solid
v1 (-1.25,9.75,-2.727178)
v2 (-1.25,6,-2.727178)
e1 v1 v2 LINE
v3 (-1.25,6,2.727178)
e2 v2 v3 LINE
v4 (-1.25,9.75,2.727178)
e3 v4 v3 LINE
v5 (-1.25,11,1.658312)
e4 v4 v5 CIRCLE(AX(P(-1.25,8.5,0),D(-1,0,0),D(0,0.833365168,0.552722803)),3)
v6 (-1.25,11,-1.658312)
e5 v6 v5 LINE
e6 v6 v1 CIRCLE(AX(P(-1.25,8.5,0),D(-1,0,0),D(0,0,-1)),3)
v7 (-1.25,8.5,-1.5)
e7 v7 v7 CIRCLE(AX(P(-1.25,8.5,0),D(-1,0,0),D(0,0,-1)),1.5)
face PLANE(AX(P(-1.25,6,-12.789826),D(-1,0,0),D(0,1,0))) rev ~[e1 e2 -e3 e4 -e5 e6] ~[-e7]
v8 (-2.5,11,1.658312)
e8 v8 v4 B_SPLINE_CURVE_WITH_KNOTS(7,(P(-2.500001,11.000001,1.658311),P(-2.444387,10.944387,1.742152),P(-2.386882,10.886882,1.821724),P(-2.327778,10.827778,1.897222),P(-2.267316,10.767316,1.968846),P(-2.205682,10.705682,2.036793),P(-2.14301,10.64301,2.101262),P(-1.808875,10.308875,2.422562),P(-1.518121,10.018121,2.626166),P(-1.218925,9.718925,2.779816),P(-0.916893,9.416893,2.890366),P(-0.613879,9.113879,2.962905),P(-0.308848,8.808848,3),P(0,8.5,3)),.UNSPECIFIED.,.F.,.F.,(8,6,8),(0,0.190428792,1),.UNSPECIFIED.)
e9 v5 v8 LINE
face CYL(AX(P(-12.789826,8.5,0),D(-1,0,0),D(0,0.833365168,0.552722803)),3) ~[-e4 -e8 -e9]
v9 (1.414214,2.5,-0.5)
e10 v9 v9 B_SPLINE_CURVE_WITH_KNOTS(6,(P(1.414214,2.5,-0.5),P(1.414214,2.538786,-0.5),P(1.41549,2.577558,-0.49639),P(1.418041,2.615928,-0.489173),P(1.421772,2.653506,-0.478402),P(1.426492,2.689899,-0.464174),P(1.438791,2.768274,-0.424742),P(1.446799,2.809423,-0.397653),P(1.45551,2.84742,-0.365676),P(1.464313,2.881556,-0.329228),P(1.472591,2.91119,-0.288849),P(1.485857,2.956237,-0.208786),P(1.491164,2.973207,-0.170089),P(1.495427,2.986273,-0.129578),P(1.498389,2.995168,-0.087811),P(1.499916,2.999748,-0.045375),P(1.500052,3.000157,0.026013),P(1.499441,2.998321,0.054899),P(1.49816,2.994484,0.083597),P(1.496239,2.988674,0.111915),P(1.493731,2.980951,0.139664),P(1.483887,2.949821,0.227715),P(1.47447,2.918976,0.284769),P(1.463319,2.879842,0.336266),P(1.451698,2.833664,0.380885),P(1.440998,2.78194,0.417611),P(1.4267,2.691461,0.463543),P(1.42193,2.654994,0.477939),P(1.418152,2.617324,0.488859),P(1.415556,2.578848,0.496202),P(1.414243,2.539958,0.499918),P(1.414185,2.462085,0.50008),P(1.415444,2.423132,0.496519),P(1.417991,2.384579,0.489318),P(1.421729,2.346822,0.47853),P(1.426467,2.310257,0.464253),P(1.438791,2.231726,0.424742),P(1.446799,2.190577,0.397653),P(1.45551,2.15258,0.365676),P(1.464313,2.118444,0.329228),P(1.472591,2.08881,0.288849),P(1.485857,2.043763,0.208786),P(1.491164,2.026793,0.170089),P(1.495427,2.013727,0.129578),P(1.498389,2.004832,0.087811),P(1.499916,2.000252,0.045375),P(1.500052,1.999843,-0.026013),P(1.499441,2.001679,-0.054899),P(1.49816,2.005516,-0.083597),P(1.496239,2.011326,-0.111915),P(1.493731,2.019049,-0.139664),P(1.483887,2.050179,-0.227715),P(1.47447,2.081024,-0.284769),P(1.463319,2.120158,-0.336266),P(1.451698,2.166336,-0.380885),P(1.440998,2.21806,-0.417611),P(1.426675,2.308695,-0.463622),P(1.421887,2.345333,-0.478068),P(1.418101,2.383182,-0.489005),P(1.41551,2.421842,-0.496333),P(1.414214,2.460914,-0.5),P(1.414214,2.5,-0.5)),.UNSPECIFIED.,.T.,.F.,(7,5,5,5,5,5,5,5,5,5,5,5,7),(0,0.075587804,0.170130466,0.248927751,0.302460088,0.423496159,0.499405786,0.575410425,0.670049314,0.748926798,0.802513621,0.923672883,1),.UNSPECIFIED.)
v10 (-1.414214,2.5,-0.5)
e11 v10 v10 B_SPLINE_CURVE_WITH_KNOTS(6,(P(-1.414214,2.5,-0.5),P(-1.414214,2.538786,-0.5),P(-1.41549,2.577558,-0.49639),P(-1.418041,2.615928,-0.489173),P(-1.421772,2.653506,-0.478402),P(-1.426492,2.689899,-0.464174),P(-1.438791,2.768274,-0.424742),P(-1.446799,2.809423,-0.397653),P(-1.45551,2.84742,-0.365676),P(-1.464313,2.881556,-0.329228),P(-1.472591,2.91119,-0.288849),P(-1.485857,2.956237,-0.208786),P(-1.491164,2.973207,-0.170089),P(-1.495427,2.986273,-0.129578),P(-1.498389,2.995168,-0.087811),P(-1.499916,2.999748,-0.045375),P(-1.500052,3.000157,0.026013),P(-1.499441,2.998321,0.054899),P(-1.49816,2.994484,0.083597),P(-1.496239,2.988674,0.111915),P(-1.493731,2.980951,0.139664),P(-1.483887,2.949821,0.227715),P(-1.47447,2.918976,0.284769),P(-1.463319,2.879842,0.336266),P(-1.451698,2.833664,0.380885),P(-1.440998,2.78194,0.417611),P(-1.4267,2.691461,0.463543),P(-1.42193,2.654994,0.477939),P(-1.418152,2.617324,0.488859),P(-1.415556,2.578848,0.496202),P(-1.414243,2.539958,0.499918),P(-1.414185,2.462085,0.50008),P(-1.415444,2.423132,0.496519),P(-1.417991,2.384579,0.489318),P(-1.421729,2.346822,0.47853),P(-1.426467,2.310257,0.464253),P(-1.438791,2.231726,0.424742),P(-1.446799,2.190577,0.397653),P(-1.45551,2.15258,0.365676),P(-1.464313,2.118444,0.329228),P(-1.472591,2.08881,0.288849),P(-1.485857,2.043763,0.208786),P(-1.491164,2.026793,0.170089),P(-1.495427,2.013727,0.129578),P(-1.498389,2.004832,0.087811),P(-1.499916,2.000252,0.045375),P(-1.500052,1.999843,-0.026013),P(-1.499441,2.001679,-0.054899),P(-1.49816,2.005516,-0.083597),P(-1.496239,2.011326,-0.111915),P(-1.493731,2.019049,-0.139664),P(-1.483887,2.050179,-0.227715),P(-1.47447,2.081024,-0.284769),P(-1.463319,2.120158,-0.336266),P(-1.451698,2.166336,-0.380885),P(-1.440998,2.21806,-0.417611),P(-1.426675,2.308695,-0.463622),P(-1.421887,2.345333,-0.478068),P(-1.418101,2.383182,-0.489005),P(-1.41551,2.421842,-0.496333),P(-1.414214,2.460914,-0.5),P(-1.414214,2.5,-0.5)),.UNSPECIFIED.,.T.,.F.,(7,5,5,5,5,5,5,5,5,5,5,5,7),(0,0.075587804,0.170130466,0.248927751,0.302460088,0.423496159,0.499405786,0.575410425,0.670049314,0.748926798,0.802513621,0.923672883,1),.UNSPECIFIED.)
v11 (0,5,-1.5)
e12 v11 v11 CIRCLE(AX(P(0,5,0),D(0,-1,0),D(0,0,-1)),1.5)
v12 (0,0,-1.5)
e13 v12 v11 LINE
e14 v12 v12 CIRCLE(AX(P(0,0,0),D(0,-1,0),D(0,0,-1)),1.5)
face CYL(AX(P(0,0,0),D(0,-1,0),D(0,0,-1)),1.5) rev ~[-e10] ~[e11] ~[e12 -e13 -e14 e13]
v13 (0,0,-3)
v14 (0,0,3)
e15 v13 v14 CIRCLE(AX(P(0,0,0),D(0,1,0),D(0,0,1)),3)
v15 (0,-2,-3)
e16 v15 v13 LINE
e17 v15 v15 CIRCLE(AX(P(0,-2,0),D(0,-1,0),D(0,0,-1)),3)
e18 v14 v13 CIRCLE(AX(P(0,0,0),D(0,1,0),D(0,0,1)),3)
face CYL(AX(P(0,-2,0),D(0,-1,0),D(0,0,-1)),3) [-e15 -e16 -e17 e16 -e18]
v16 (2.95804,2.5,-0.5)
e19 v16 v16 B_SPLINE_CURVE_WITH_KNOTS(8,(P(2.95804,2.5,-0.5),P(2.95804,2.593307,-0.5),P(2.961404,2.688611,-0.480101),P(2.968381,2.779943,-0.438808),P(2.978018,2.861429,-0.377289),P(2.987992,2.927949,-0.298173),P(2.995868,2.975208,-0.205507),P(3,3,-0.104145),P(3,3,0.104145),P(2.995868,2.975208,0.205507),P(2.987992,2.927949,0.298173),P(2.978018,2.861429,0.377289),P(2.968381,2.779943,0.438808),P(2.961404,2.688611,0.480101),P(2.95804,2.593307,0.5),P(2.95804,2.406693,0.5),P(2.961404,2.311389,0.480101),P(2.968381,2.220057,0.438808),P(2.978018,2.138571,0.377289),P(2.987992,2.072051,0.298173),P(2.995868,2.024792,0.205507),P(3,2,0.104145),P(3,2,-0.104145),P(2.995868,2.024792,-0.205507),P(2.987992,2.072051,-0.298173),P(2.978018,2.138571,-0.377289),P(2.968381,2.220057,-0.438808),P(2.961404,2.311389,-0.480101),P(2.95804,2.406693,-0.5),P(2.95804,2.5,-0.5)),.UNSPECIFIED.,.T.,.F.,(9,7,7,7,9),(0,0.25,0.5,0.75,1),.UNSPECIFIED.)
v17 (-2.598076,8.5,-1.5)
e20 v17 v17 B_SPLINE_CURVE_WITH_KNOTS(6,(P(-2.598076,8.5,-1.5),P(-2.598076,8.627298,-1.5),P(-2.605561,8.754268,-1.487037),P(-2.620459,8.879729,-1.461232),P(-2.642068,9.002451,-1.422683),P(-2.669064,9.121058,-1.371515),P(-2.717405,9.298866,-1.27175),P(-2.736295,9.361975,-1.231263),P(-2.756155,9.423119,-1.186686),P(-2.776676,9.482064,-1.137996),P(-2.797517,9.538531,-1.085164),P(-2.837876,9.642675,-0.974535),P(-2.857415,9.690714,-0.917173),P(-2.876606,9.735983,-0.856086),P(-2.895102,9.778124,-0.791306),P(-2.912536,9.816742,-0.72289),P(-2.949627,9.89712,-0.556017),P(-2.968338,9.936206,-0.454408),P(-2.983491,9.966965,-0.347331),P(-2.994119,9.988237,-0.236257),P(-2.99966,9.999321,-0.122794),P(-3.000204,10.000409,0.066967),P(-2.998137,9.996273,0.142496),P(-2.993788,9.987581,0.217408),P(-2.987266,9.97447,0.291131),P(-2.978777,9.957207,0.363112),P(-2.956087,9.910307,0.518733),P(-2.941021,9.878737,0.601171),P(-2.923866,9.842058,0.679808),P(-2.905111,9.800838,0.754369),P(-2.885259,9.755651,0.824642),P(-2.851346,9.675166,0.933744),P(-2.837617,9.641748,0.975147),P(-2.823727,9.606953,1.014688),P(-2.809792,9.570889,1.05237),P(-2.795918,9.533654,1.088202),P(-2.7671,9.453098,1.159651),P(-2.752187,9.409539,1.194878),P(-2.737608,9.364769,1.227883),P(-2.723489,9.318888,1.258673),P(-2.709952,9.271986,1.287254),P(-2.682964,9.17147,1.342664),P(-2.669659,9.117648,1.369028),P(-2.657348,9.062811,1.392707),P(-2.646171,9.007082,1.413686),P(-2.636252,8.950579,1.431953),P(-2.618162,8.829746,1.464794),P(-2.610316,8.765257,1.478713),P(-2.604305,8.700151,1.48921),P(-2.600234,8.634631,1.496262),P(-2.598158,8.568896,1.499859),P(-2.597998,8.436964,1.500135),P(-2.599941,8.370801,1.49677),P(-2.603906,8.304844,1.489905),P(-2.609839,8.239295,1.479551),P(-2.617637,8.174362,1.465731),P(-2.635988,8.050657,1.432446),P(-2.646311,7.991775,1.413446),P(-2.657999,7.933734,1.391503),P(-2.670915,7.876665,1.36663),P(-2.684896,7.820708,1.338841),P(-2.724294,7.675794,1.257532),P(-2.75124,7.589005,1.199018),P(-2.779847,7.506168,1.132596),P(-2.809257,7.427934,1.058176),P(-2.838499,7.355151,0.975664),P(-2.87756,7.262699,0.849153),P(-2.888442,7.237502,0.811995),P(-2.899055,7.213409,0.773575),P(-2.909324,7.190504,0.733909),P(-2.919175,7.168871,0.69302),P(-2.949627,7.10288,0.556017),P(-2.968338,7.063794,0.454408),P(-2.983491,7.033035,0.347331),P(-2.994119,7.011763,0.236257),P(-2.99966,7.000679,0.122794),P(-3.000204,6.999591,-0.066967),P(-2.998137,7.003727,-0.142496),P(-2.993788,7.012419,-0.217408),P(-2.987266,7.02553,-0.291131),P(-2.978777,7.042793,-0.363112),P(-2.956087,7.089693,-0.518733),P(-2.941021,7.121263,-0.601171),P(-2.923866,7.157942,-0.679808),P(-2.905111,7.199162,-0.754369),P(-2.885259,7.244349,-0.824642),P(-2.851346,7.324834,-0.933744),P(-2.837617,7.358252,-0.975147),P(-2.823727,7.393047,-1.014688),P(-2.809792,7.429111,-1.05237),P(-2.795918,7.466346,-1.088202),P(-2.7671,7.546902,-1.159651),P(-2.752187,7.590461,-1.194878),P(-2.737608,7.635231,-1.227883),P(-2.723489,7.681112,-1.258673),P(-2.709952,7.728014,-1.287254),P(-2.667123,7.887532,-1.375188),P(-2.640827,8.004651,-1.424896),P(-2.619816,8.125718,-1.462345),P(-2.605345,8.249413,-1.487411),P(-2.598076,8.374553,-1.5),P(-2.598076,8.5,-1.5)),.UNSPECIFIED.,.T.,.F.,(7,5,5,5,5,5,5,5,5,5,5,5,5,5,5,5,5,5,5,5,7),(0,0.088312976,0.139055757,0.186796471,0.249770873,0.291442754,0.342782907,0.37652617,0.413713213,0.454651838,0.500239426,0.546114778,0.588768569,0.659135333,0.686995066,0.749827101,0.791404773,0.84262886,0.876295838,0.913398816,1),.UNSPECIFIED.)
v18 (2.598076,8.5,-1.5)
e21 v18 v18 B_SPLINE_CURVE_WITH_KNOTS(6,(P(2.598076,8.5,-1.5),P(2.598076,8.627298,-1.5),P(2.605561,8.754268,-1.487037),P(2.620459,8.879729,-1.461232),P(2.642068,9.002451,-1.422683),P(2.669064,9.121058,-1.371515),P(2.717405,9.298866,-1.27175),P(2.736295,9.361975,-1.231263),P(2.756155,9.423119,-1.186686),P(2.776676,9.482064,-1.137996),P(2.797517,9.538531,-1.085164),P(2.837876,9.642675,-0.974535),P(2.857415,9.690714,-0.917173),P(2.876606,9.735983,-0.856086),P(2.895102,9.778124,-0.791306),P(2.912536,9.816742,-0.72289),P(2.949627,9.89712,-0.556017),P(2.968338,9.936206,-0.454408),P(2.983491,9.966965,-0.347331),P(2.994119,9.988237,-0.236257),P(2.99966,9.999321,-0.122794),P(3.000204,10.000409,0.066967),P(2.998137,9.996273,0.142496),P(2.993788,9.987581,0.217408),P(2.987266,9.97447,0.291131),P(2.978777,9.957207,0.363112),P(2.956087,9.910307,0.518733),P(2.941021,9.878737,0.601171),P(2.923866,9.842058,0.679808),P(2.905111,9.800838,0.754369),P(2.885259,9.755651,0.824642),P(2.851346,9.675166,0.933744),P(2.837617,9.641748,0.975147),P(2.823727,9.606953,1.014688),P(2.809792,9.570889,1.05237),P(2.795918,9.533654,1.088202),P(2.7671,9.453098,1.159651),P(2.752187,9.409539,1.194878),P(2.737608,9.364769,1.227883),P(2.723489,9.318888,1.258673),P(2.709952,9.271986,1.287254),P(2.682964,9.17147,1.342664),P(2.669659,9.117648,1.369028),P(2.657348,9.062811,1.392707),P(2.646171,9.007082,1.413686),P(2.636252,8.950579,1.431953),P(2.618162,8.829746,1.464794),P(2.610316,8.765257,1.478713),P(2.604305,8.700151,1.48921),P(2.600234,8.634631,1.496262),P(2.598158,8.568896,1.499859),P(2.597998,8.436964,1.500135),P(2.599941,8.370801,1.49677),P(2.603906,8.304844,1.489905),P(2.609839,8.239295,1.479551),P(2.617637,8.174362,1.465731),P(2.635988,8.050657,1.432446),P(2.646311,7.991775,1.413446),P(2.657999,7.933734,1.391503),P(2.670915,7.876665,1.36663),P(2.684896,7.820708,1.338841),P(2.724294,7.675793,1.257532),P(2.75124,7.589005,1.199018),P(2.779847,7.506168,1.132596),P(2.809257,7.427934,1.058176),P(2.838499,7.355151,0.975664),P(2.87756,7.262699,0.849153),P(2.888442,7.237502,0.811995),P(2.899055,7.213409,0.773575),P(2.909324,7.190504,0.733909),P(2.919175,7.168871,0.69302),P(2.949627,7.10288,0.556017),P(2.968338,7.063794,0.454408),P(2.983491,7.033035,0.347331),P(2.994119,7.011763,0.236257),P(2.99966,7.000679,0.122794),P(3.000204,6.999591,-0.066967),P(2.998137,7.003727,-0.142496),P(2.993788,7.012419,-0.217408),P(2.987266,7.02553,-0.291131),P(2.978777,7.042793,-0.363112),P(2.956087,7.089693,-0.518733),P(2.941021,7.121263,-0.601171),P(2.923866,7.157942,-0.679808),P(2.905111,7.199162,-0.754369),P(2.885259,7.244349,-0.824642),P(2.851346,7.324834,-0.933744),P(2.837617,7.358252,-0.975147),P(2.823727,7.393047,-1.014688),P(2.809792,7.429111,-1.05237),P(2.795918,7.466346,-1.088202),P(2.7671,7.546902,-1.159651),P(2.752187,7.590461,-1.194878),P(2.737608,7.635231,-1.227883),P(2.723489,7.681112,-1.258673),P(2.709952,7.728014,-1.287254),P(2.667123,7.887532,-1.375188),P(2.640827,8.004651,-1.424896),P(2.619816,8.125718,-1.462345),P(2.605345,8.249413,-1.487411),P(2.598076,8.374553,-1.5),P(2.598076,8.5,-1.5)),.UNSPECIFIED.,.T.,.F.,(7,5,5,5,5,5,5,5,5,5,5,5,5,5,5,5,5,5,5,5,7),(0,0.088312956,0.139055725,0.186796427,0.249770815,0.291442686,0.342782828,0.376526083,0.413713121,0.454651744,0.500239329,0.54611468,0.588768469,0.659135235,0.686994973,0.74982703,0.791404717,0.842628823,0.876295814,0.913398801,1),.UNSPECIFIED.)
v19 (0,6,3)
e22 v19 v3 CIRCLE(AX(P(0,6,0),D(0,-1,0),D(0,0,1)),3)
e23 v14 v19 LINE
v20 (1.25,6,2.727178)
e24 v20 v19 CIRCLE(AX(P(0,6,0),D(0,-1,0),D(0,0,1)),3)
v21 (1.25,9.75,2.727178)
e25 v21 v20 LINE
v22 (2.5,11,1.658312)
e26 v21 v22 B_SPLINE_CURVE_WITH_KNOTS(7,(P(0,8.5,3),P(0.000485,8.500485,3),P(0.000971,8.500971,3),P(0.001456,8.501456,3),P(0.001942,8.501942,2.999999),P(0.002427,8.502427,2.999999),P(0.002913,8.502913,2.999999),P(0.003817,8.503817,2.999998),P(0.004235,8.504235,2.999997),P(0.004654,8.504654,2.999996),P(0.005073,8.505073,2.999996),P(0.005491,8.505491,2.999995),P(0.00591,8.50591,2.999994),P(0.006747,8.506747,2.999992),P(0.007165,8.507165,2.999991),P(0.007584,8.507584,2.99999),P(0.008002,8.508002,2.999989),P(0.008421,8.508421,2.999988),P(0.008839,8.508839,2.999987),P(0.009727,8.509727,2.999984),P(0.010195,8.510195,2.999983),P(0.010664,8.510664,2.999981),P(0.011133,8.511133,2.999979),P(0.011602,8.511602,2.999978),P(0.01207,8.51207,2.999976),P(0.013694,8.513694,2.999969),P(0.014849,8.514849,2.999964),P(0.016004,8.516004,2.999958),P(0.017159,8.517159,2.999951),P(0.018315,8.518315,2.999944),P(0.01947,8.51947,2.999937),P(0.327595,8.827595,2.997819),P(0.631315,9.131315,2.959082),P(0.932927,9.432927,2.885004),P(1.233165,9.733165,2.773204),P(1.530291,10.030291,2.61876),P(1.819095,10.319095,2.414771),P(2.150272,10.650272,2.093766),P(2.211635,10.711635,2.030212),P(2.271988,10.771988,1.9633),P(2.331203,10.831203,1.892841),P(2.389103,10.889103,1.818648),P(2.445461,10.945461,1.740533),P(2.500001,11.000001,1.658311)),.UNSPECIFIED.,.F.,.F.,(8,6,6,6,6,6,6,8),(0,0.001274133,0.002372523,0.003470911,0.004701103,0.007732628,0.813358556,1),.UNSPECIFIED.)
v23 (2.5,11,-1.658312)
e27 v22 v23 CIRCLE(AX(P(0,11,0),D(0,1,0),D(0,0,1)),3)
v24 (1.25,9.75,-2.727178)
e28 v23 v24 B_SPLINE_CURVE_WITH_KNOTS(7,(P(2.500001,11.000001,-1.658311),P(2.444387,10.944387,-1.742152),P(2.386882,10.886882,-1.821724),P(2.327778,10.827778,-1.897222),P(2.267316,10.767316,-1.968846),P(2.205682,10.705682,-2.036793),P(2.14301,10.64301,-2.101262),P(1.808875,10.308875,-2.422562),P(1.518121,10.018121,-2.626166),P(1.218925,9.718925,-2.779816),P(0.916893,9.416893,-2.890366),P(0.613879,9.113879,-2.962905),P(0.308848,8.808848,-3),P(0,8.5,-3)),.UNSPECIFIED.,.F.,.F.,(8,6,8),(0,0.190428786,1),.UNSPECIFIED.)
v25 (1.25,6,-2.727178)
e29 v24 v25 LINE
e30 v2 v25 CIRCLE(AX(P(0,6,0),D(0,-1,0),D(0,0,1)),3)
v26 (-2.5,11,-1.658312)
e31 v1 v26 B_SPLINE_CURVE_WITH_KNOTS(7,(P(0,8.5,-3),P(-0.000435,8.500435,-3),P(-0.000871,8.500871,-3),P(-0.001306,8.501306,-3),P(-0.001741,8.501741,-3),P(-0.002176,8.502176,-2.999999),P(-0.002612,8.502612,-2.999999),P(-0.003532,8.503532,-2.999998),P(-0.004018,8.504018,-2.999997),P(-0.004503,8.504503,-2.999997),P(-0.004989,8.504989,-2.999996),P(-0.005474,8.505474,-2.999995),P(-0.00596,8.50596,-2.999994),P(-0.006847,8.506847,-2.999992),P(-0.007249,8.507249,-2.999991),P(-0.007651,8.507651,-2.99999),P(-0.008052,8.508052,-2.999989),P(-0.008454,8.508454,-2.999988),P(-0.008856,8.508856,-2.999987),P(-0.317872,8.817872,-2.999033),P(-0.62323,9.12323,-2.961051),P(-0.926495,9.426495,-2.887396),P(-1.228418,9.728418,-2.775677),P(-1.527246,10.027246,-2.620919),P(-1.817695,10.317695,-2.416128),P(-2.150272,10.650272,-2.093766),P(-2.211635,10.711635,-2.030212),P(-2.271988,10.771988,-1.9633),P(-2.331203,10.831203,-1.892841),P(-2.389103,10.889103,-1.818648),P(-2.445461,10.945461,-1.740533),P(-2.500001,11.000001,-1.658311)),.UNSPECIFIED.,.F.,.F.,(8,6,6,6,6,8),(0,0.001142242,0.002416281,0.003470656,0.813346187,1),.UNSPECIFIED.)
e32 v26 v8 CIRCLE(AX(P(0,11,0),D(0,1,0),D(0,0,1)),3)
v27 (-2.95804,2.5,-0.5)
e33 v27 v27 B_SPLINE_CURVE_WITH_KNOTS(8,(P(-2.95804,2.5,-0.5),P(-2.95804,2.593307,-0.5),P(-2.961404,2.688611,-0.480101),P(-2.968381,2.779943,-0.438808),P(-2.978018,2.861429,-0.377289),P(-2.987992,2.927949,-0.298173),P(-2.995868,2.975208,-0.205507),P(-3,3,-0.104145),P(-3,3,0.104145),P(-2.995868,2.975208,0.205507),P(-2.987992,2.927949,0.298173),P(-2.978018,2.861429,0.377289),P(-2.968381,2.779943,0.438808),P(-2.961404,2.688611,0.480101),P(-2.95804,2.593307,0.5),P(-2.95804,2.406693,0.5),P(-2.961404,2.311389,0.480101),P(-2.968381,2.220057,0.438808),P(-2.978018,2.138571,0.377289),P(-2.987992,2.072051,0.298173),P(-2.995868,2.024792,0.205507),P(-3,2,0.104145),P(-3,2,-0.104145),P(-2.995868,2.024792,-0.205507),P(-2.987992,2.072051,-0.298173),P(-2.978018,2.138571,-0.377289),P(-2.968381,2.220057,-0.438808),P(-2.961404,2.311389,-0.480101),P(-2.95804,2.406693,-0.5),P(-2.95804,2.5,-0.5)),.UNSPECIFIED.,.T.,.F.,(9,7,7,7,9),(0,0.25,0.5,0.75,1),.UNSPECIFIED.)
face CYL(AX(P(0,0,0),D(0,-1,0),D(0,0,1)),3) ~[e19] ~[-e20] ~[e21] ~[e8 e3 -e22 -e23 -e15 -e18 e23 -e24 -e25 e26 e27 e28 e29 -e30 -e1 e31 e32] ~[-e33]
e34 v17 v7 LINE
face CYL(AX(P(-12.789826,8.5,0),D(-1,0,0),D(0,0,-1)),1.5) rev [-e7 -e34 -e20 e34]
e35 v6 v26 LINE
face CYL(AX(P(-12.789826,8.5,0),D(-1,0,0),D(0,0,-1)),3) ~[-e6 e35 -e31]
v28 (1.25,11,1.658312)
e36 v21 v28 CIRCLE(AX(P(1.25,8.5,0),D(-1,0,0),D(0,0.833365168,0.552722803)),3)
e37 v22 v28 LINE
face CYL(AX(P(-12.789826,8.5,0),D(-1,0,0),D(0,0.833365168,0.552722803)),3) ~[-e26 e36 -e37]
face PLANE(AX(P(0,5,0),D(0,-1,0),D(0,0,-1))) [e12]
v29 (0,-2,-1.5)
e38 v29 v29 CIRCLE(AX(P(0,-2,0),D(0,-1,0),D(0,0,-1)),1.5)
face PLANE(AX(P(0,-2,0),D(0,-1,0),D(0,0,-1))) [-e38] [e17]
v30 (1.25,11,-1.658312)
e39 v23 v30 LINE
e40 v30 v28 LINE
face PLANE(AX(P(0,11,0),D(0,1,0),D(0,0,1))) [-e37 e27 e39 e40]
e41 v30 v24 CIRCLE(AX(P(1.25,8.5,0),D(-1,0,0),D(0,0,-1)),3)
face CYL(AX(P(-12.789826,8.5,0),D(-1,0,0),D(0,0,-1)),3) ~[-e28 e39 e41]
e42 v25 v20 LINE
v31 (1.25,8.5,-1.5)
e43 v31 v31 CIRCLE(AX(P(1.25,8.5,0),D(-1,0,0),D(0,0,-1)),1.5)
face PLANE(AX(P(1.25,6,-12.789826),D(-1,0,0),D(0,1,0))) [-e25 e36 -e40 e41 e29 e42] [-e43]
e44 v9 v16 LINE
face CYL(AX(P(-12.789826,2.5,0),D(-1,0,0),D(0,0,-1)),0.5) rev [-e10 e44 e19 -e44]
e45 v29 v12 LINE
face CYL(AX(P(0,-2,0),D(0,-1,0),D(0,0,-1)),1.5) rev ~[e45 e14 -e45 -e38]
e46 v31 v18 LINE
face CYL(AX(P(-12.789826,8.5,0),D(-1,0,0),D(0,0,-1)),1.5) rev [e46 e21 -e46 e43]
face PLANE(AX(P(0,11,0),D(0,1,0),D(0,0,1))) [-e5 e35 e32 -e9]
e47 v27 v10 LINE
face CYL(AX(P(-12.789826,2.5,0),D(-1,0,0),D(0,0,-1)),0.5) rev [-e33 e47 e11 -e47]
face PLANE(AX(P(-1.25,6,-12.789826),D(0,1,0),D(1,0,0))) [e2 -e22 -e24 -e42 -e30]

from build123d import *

# Parameters (mm, degrees)
SKETCH_1_R               = 3
EXTRUDE_1_DEPTH          = 11
SKETCH_2_R               = 1.5
CUT_EXTRUDE_1_DEPTH      = 5
CUT_EXTRUDE_2_DEPTH      = 12.789826123
CUT_EXTRUDE_2_DEPTH_BACK = 12.789826123
SKETCH_3_R               = 1.5
SKETCH_3_R_2             = 0.5
CUT_EXTRUDE_3_DEPTH      = 12.789826267
CUT_EXTRUDE_3_DEPTH_BACK = 12.789826267
SKETCH_4_W               = 2.5
SKETCH_4_H               = 5
EXTRUDE_START            = 2
SKETCH_5_R               = 3
SKETCH_5_R_2             = 1.5
EXTRUDE_2_DEPTH          = 2


with BuildPart() as part:
    # 草图1 → 凸台-拉伸1 (new body)
    with BuildSketch(Plane(origin=(0, 0, 0), x_dir=(1, 0, 0), z_dir=(0, 1, 0))):
        with Locations(Location((0, 0, 0), (0, 0, 270))):
            Circle(SKETCH_1_R)
    extrude(amount=EXTRUDE_1_DEPTH)

    # 草图2 → 切除-拉伸1 (cut)
    with BuildSketch(Plane.XZ):
        with Locations(Location((0, 0, 0), (0, 0, 270))):
            Circle(SKETCH_2_R)
    extrude(amount=-CUT_EXTRUDE_1_DEPTH, mode=Mode.SUBTRACT)

    # 草图3 → 切除-拉伸2 (cut, two sides: drawn at the far end of the back side and taken through both)
    with BuildSketch(Plane(origin=(0, 0, 0), x_dir=(0, 0, -1), z_dir=(1, 0, 0)).offset(-CUT_EXTRUDE_2_DEPTH_BACK)):
        with Locations((0, 8.5)):
            Circle(SKETCH_3_R)
        with Locations((0, 2.5)):
            Circle(SKETCH_3_R_2)
        with BuildLine():
            Line((-3, 8.5), (-3, 11))
            Line((-3, 11), (-1.658168408, 11.000095504))
            ThreePointArc((-1.658168408, 11.000095504), (-2.643341183, 9.918713286), (-3, 8.5))
        make_face()
        with BuildLine():
            Line((1.658168408, 11.000095504), (3, 11))
            Line((3, 11), (3, 8.5))
            ThreePointArc((3, 8.5), (2.643341183, 9.918713286), (1.658168408, 11.000095504))
        make_face()
    extrude(amount=CUT_EXTRUDE_2_DEPTH + CUT_EXTRUDE_2_DEPTH_BACK, mode=Mode.SUBTRACT)

    # 草图4 → 切除-拉伸3 (cut, two sides: drawn at the far end of the back side and taken through both)
    with BuildSketch(Plane.XY.offset(-CUT_EXTRUDE_3_DEPTH_BACK)):
        with Locations((0, 8.5)):
            Rectangle(SKETCH_4_W, SKETCH_4_H)
    extrude(amount=CUT_EXTRUDE_3_DEPTH + CUT_EXTRUDE_3_DEPTH_BACK, mode=Mode.SUBTRACT)

    # 草图5 → 凸台-拉伸2 (add)
    with BuildSketch(Plane.XZ.offset(EXTRUDE_START)):
        with Locations(Location((0, 0, 0), (0, 0, 270))):
            Circle(SKETCH_5_R)
        with Locations(Location((0, 0, 0), (0, 0, 270))):
            Circle(SKETCH_5_R_2, mode=Mode.SUBTRACT)
    extrude(amount=-EXTRUDE_2_DEPTH)


solid = part.part
